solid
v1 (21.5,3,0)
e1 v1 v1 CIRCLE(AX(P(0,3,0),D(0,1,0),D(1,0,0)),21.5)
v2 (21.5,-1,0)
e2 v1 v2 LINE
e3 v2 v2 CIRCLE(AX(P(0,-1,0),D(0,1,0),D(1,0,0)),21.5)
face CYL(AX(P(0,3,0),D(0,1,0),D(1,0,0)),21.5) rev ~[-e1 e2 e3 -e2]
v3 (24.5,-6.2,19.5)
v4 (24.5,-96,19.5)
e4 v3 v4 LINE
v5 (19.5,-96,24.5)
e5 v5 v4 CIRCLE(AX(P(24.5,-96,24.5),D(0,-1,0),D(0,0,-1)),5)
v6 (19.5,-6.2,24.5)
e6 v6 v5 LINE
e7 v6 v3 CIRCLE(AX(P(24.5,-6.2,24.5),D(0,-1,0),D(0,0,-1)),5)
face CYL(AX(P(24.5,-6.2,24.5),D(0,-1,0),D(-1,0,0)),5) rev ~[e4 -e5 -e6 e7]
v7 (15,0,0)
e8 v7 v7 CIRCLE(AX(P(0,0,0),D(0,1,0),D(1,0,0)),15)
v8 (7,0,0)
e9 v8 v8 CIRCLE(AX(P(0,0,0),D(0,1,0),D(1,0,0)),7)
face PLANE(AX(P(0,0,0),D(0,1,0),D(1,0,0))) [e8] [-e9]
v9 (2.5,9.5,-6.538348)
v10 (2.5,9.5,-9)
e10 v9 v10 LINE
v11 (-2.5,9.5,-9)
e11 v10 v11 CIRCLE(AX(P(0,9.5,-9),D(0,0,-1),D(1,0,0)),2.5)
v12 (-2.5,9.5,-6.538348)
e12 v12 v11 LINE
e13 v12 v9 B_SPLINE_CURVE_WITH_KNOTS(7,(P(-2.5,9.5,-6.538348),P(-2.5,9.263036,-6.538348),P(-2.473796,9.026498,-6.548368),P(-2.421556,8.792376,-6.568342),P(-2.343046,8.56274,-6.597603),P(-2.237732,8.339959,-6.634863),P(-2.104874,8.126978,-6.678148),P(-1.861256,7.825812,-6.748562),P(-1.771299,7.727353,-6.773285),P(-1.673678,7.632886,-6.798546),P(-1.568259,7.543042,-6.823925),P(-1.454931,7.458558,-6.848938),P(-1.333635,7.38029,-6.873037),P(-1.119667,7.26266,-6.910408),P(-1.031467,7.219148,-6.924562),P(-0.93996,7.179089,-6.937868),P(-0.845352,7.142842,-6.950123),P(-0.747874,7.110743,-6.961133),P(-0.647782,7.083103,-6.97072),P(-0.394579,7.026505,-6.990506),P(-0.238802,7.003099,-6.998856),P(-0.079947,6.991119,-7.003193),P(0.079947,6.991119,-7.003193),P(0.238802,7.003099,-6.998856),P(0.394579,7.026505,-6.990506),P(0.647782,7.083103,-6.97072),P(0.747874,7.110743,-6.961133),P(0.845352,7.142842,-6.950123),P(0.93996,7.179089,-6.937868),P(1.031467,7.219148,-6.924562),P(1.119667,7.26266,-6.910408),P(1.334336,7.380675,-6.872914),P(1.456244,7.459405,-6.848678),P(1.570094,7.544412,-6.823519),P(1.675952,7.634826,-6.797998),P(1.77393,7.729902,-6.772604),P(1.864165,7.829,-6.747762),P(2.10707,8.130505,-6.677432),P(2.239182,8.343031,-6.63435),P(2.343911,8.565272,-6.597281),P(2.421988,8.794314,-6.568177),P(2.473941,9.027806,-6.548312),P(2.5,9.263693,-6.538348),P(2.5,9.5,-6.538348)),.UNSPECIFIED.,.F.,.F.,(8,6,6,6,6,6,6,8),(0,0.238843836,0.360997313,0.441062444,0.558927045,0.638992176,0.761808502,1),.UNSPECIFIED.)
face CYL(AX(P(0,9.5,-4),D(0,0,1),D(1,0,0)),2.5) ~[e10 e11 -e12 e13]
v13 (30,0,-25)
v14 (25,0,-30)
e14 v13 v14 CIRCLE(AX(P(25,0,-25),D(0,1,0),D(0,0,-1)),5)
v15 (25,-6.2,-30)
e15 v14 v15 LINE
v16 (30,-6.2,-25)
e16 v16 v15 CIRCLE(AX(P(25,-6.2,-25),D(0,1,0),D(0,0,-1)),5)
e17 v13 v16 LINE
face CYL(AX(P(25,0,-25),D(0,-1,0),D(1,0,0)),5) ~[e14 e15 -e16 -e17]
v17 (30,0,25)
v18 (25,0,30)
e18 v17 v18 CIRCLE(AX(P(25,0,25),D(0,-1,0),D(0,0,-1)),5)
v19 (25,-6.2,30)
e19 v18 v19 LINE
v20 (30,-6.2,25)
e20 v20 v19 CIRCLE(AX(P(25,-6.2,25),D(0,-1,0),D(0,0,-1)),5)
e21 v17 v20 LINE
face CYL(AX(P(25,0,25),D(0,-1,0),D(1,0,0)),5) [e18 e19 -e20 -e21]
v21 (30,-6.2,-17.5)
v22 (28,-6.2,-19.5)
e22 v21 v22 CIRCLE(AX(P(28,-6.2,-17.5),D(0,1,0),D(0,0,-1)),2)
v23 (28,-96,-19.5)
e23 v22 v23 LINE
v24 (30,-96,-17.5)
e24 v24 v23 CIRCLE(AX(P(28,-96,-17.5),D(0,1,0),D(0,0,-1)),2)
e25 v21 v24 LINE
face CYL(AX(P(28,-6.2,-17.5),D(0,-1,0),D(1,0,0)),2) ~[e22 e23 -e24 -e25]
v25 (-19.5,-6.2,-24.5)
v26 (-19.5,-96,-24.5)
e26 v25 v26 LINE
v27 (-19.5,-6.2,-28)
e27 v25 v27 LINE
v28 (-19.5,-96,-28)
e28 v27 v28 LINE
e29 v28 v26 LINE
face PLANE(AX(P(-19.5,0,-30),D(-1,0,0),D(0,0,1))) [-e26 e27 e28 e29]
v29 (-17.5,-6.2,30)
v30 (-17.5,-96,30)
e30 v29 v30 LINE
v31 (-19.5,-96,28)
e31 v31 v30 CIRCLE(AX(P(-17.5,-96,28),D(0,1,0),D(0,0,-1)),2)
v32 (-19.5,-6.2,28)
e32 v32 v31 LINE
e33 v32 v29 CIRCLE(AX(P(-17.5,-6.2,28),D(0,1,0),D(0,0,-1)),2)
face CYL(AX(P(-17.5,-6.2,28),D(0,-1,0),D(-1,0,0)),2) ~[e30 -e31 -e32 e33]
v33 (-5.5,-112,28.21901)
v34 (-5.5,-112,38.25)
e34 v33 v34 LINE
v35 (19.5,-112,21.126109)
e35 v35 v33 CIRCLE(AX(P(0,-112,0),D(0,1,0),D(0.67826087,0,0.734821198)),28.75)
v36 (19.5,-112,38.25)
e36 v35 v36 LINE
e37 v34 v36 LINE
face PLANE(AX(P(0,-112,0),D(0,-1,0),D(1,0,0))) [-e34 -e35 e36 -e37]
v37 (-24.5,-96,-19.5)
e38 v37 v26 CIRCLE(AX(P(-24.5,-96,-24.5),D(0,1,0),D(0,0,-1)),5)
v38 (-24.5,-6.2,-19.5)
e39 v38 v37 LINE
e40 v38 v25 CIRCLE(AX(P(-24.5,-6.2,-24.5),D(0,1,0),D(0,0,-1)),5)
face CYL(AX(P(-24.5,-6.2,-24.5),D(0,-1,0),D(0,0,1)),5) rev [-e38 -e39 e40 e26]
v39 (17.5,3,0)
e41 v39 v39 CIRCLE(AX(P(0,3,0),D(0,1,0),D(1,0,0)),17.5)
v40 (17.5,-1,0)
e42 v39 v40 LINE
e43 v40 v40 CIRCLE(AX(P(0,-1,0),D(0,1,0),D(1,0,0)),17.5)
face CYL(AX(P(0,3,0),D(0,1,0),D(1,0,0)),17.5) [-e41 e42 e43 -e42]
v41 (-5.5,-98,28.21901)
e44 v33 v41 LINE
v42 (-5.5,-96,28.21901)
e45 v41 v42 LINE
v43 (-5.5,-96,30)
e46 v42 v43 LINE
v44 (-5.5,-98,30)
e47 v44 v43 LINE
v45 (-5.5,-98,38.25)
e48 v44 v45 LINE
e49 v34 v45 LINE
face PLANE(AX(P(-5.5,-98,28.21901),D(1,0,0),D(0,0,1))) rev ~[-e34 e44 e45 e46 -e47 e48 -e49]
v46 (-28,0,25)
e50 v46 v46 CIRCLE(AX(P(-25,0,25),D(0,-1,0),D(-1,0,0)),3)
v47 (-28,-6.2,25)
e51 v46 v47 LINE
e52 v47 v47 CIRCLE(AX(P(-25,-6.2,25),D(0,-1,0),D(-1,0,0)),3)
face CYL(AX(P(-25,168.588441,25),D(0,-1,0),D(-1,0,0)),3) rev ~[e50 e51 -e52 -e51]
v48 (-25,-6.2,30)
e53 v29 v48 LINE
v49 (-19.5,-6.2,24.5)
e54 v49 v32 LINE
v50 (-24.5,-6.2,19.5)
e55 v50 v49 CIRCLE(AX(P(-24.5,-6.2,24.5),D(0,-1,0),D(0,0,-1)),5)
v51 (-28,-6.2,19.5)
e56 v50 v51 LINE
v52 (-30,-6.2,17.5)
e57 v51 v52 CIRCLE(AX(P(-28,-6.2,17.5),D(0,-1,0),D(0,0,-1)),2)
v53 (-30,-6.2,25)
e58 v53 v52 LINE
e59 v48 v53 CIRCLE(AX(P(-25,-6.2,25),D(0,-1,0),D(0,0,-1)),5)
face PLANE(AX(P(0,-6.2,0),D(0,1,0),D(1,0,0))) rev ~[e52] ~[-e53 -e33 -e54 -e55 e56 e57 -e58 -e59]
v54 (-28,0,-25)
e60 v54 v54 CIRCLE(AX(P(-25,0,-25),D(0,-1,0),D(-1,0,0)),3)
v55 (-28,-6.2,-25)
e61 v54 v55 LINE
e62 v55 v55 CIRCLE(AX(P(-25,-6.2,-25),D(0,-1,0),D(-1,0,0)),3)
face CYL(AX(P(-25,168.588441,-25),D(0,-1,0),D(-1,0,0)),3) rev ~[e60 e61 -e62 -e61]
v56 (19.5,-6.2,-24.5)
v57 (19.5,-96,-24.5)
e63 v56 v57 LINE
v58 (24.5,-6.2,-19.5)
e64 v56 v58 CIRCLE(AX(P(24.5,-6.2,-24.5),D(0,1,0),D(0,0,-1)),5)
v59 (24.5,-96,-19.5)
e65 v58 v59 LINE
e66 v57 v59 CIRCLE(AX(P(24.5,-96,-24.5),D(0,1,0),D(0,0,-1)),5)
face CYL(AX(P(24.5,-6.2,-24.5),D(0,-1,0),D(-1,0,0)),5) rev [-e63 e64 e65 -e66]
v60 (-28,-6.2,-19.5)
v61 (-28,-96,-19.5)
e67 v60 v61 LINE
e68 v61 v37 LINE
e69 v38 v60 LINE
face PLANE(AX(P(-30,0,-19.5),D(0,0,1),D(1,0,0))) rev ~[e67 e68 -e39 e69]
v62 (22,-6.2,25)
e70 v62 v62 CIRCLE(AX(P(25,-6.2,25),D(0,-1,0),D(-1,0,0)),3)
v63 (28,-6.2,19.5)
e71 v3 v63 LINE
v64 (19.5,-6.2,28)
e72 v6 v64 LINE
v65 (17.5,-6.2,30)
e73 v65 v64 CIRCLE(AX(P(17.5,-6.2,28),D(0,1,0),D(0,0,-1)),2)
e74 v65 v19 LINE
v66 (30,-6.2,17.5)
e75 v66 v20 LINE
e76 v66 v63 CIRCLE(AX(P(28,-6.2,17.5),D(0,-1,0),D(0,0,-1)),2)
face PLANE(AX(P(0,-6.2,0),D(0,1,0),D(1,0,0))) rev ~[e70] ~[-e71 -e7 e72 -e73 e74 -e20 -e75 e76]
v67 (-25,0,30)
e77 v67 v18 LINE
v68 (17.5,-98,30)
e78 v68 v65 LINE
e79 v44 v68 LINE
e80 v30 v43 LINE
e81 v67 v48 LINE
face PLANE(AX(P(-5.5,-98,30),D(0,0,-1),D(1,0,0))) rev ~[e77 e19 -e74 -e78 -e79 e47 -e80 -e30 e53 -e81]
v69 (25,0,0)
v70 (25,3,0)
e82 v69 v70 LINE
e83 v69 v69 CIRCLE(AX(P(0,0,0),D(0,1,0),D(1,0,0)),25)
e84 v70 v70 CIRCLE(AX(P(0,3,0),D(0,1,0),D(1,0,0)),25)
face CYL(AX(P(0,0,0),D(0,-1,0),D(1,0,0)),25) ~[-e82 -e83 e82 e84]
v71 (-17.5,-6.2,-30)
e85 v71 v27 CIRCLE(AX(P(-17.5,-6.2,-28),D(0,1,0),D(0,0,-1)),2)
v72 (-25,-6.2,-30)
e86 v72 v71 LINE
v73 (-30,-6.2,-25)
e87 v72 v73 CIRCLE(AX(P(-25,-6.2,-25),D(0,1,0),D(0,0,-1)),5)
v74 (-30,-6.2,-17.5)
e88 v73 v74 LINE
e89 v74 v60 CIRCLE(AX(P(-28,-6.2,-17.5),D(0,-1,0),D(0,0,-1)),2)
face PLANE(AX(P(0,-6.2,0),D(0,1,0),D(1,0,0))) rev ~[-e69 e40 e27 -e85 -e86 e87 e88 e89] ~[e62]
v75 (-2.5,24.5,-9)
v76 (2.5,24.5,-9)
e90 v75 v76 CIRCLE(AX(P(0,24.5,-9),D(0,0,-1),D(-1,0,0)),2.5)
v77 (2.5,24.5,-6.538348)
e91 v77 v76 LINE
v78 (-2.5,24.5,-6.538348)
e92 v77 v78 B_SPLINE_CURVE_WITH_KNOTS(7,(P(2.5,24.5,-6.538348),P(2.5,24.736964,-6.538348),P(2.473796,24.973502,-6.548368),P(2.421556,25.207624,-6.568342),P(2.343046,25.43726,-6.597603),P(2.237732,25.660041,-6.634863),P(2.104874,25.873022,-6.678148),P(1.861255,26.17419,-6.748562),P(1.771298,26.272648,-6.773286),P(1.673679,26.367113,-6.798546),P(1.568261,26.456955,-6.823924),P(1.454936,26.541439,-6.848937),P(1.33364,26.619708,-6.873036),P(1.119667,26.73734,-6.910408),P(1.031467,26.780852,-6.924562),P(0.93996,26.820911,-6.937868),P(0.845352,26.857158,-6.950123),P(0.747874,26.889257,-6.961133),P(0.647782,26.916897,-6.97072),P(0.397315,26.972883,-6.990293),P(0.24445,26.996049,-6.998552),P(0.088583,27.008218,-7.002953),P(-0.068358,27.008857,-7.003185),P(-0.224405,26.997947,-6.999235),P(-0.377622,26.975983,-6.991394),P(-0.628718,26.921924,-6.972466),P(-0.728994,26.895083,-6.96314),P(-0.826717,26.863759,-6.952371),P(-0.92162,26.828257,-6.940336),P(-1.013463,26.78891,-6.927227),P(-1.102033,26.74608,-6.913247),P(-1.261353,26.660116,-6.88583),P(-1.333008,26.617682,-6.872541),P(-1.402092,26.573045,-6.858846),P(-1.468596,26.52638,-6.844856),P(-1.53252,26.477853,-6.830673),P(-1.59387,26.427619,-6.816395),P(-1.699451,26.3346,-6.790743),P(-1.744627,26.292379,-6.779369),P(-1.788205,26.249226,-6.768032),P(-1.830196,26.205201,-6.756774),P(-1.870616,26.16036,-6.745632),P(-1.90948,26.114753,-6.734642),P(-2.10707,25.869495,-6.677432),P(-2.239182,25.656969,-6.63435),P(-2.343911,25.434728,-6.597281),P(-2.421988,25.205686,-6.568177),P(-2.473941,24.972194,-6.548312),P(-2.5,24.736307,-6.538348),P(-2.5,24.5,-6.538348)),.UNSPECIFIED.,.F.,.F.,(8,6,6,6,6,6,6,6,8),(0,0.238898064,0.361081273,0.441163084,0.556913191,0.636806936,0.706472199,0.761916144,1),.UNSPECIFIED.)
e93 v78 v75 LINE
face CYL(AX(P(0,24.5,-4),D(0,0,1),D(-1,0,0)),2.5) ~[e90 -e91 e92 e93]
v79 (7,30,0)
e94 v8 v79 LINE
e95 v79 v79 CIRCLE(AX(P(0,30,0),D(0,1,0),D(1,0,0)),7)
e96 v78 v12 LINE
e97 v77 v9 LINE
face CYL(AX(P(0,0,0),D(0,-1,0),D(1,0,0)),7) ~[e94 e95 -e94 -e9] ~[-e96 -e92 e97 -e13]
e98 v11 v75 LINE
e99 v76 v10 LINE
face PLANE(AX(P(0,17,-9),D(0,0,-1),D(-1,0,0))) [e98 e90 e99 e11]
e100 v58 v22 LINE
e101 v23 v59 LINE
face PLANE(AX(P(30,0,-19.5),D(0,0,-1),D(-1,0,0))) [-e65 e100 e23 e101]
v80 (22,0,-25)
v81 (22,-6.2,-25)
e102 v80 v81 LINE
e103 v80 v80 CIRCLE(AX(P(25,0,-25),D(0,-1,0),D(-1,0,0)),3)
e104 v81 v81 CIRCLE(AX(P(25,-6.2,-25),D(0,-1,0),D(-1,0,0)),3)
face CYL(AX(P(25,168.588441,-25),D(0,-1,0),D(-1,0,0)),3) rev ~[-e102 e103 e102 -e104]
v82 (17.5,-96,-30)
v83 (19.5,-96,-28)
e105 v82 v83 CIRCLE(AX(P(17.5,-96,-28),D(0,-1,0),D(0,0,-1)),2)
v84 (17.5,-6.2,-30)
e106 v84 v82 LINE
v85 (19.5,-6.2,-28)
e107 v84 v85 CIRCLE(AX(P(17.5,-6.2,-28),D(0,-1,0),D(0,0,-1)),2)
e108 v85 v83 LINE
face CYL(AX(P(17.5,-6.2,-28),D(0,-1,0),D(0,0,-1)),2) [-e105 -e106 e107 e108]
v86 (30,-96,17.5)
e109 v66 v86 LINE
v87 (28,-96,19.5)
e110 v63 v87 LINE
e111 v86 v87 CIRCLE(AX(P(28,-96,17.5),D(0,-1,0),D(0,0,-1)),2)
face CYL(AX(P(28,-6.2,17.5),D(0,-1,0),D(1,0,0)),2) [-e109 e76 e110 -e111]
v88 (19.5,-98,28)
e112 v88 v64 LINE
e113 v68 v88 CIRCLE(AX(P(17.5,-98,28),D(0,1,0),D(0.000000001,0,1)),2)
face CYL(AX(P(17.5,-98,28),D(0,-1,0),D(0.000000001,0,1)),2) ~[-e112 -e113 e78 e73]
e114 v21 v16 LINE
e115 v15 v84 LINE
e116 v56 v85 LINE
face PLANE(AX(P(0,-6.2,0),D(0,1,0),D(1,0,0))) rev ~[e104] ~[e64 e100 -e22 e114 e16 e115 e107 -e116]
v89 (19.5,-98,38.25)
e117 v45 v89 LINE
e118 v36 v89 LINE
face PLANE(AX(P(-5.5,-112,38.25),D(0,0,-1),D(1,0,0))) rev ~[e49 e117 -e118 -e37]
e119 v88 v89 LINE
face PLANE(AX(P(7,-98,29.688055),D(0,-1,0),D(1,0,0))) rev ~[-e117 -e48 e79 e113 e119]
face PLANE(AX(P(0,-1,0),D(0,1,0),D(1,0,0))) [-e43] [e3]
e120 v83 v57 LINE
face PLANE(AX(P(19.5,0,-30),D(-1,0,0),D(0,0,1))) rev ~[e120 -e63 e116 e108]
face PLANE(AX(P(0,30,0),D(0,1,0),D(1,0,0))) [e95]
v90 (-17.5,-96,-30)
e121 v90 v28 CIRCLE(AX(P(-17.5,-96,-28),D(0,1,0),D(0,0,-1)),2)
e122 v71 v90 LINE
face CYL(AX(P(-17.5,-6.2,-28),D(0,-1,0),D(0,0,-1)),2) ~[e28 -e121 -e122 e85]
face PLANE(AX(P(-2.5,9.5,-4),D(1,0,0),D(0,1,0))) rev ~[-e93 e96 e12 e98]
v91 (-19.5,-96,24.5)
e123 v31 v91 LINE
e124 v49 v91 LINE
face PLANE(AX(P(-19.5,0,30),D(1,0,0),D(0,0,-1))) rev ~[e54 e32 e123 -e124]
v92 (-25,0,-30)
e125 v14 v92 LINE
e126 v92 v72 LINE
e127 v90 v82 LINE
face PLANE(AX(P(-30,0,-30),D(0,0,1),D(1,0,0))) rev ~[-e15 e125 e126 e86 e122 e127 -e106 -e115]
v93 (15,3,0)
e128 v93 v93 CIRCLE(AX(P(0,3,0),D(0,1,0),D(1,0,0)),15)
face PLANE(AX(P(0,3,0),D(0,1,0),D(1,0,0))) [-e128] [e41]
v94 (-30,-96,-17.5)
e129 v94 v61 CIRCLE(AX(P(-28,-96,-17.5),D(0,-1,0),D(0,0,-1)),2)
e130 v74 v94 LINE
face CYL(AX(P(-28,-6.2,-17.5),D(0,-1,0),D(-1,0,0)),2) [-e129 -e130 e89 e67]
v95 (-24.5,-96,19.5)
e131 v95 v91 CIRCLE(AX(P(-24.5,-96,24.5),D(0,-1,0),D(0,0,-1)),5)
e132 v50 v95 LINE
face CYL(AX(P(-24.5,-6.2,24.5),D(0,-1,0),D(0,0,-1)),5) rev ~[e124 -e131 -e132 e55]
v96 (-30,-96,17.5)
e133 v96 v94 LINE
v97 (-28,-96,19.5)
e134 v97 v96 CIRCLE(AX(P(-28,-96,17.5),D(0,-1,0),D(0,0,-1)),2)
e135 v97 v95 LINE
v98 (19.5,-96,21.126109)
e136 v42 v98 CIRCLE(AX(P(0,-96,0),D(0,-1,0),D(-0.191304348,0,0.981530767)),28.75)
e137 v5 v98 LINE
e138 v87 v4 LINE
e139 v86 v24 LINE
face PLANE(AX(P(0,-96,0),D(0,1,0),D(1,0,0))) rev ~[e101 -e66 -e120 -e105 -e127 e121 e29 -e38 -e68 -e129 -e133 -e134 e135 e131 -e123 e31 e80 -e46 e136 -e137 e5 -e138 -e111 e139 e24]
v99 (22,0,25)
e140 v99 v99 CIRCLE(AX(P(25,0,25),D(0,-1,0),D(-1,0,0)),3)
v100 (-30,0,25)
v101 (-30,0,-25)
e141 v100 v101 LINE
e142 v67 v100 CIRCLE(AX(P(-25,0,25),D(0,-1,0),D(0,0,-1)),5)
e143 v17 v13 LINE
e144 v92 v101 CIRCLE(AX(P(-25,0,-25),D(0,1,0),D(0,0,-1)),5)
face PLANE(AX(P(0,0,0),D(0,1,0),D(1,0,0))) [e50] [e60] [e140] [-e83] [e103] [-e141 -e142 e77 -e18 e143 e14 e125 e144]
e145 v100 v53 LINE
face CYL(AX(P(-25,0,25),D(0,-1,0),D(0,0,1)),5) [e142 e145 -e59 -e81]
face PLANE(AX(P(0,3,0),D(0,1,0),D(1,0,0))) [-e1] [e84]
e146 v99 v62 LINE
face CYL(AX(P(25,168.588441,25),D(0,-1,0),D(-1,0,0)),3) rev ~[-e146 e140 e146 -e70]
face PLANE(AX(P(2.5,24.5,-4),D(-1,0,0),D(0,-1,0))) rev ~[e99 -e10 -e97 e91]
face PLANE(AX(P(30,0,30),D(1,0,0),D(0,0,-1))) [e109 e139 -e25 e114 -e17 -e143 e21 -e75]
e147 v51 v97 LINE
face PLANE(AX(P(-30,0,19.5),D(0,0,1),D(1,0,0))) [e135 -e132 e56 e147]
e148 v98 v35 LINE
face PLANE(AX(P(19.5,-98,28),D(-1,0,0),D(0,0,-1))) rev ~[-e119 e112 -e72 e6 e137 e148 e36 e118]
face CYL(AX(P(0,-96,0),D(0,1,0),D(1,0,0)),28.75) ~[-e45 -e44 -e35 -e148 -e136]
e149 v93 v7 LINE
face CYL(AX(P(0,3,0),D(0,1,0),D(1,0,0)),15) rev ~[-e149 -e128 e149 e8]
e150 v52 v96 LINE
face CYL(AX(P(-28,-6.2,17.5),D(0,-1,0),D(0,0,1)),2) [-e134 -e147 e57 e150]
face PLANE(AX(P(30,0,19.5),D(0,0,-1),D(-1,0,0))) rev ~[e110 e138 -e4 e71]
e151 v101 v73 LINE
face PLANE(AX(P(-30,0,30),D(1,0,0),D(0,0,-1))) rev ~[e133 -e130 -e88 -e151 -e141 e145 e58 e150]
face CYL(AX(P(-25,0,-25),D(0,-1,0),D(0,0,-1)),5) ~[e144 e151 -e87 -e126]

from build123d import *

# Parameters (mm, degrees)
SKETCH_2_W               = 60
SKETCH_2_H               = 60
EXTRUDE_1_DEPTH          = 96
SKETCH_3_W               = 10.5
SKETCH_3_H               = 10.5
CUT_EXTRUDE_1_DEPTH      = 97
PATTERN_CIRCULAR_1_COUNT = 4
SKETCH_4_W               = 60
SKETCH_4_H               = 60
EXTRUDE_2_DEPTH          = 6.2
SKETCH_5_R               = 25
EXTRUDE_3_DEPTH          = 3
SKETCH_8_R               = 21.5
SKETCH_8_R_2             = 17.5
CUT_EXTRUDE_3_DEPTH      = 4
SKETCH_9_R               = 15
CUT_EXTRUDE_4_DEPTH      = 3
SKETCH_10_R              = 7
EXTRUDE_5_DEPTH          = 30
FILLET_1_R               = 5
FILLET_2_R               = 2
FILLET_3_R               = 5
SKETCH_13_R              = 28.75
EXTRUDE_6_DEPTH          = 16
EXTRUDE_START            = 16
SKETCH_14_W              = 25
SKETCH_14_H              = 17.123890562
EXTRUDE_7_DEPTH          = 14
EXTRUDE_8_DEPTH          = 2
HOLE_WIZARD_6_0_6_1_D    = 6
CUT_EXTRUDE_5_DEPTH      = 3
EXTRUDE_9_DEPTH          = 5


with BuildPart() as part:
    # Sketch 2 → Extrude 1 (new body)
    with BuildSketch(Plane(origin=(0, 0, 0), x_dir=(1, 0, 0), z_dir=(0, 1, 0))):
        Rectangle(SKETCH_2_W, SKETCH_2_H)
    extrude(amount=-EXTRUDE_1_DEPTH)

    # Sketch 3 → Cut-Extrude 1 (cut, through all)
    with BuildSketch(Plane(origin=(0, 0, 0), x_dir=(1, 0, 0), z_dir=(0, 1, 0))):
        with Locations((-24.75, -24.75)):
            Rectangle(SKETCH_3_W, SKETCH_3_H)
    cut_extrude_1 = extrude(amount=-CUT_EXTRUDE_1_DEPTH, mode=Mode.SUBTRACT)

    # Pattern Circular 1: Cut-Extrude 1 ×4 about axis
    pattern_circular_1_axis = Axis((0, 0, 0), (0, 1, 0))
    for i in range(1, PATTERN_CIRCULAR_1_COUNT):
        add(cut_extrude_1.rotate(pattern_circular_1_axis, i * 360 / PATTERN_CIRCULAR_1_COUNT), mode=Mode.SUBTRACT)

    # Sketch 4 → Extrude 2 (add)
    with BuildSketch(Plane(origin=(0, 0, 0), x_dir=(1, 0, 0), z_dir=(0, 1, 0))):
        Rectangle(SKETCH_4_W, SKETCH_4_H)
    extrude(amount=-EXTRUDE_2_DEPTH)

    # Sketch 5 → Extrude 3 (add)
    with BuildSketch(Plane(origin=(0, 0, 0), x_dir=(1, 0, 0), z_dir=(0, 1, 0))):
        Circle(SKETCH_5_R)
    extrude(amount=EXTRUDE_3_DEPTH)

    # Sketch 8 → Cut-Extrude 3 (cut)
    with BuildSketch(Plane(origin=(0, 3, 0), x_dir=(1, 0, 0), z_dir=(0, 1, 0))):
        Circle(SKETCH_8_R)
        Circle(SKETCH_8_R_2, mode=Mode.SUBTRACT)
    extrude(amount=-CUT_EXTRUDE_3_DEPTH, mode=Mode.SUBTRACT)

    # Sketch 9 → Cut-Extrude 4 (cut)
    with BuildSketch(Plane(origin=(0, 3, 0), x_dir=(1, 0, 0), z_dir=(0, 1, 0))):
        Circle(SKETCH_9_R)
    extrude(amount=-CUT_EXTRUDE_4_DEPTH, mode=Mode.SUBTRACT)

    # Sketch 10 → Extrude 5 (add)
    with BuildSketch(Plane(origin=(0, 0, 0), x_dir=(1, 0, 0), z_dir=(0, 1, 0))):
        Circle(SKETCH_10_R)
    extrude(amount=EXTRUDE_5_DEPTH)

    # Fillet 1
    fillet_1_edges = [part.edges().sort_by_distance(p)[0] for p in [
        (-19.5, -51.1, 19.5),
        (-19.5, -51.1, -19.5),
        (19.5, -51.1, -19.5),
        (19.5, -51.1, 19.5),
    ]]
    fillet(fillet_1_edges, radius=FILLET_1_R)

    # Fillet 2
    fillet_2_edges = [part.edges().sort_by_distance(p)[0] for p in [
        (-30, -51.1, 19.5),
        (-19.5, -51.1, 30),
        (-19.5, -51.1, -30),
        (-30, -51.1, -19.5),
        (30, -51.1, -19.5),
        (19.5, -51.1, -30),
        (19.5, -51.1, 30),
        (30, -51.1, 19.5),
    ]]
    fillet(fillet_2_edges, radius=FILLET_2_R)

    # Fillet 3
    fillet_3_edges = [part.edges().sort_by_distance(p)[0] for p in [
        (30, -3.1, 30),
        (30, -3.1, -30),
        (-30, -3.1, -30),
        (-30, -3.1, 30),
    ]]
    fillet(fillet_3_edges, radius=FILLET_3_R)

    # Sketch 13 → Extrude 6 (add)
    with BuildSketch(Plane.XZ.offset(96)):
        Circle(SKETCH_13_R)
    extrude(amount=EXTRUDE_6_DEPTH)

    # Sketch 14 → Extrude 7 (add)
    with BuildSketch(Plane.XZ.offset(96).offset(EXTRUDE_START)):
        with Locations((7, 29.688054719)):
            Rectangle(SKETCH_14_W, SKETCH_14_H)
    extrude(amount=-EXTRUDE_7_DEPTH)

    # Sketch 15 → Extrude 8 (add)
    with BuildSketch(Plane(origin=(0, -98, 0), x_dir=(1, 0, 0), z_dir=(0, 1, 0))):
        with BuildLine():
            Line((-5.5, -30), (17.5, -30))
            ThreePointArc((17.5, -30), (18.914213562, -29.414213562), (19.5, -28))
            Line((19.5, -28), (19.5, -21.126109438))
            ThreePointArc((19.5, -21.126109438), (7.847121001, -27.658365678), (-5.5, -28.21900955))
            Line((-5.5, -28.21900955), (-5.5, -30))
        make_face()
    extrude(amount=EXTRUDE_8_DEPTH)

    # Hole Wizard 6.0 _6_ _1 (through all)
    with Locations(Plane(origin=(0, 0, 0), x_dir=(1, 0, 0), z_dir=(0, 1, 0))):
        with Locations((-25, 25), (25, 25), (25, -25), (-25, -25)):
            Hole(HOLE_WIZARD_6_0_6_1_D / 2)

    # Sketch 20 → Cut-Extrude 5 (cut)
    with BuildSketch(Plane.XY.offset(-7)):
        with BuildLine():
            Line((-2.5, 24.5), (-2.5, 9.5))
            ThreePointArc((-2.5, 9.5), (0, 7), (2.5, 9.5))
            Line((2.5, 9.5), (2.5, 24.5))
            ThreePointArc((2.5, 24.5), (0, 27), (-2.5, 24.5))
        make_face()
    extrude(amount=CUT_EXTRUDE_5_DEPTH, mode=Mode.SUBTRACT)

    # Sketch 21 → Extrude 9 (add)
    with BuildSketch(Plane(origin=(0, 0, -4), x_dir=(-1, 0, 0), z_dir=(0, 0, -1))):
        with BuildLine():
            Line((2.5, 9.5), (2.5, 24.5))
            ThreePointArc((2.5, 24.5), (0, 27), (-2.5, 24.5))
            Line((-2.5, 24.5), (-2.5, 9.5))
            ThreePointArc((-2.5, 9.5), (0, 7), (2.5, 9.5))
        make_face()
    extrude(amount=EXTRUDE_9_DEPTH)


solid = part.part
